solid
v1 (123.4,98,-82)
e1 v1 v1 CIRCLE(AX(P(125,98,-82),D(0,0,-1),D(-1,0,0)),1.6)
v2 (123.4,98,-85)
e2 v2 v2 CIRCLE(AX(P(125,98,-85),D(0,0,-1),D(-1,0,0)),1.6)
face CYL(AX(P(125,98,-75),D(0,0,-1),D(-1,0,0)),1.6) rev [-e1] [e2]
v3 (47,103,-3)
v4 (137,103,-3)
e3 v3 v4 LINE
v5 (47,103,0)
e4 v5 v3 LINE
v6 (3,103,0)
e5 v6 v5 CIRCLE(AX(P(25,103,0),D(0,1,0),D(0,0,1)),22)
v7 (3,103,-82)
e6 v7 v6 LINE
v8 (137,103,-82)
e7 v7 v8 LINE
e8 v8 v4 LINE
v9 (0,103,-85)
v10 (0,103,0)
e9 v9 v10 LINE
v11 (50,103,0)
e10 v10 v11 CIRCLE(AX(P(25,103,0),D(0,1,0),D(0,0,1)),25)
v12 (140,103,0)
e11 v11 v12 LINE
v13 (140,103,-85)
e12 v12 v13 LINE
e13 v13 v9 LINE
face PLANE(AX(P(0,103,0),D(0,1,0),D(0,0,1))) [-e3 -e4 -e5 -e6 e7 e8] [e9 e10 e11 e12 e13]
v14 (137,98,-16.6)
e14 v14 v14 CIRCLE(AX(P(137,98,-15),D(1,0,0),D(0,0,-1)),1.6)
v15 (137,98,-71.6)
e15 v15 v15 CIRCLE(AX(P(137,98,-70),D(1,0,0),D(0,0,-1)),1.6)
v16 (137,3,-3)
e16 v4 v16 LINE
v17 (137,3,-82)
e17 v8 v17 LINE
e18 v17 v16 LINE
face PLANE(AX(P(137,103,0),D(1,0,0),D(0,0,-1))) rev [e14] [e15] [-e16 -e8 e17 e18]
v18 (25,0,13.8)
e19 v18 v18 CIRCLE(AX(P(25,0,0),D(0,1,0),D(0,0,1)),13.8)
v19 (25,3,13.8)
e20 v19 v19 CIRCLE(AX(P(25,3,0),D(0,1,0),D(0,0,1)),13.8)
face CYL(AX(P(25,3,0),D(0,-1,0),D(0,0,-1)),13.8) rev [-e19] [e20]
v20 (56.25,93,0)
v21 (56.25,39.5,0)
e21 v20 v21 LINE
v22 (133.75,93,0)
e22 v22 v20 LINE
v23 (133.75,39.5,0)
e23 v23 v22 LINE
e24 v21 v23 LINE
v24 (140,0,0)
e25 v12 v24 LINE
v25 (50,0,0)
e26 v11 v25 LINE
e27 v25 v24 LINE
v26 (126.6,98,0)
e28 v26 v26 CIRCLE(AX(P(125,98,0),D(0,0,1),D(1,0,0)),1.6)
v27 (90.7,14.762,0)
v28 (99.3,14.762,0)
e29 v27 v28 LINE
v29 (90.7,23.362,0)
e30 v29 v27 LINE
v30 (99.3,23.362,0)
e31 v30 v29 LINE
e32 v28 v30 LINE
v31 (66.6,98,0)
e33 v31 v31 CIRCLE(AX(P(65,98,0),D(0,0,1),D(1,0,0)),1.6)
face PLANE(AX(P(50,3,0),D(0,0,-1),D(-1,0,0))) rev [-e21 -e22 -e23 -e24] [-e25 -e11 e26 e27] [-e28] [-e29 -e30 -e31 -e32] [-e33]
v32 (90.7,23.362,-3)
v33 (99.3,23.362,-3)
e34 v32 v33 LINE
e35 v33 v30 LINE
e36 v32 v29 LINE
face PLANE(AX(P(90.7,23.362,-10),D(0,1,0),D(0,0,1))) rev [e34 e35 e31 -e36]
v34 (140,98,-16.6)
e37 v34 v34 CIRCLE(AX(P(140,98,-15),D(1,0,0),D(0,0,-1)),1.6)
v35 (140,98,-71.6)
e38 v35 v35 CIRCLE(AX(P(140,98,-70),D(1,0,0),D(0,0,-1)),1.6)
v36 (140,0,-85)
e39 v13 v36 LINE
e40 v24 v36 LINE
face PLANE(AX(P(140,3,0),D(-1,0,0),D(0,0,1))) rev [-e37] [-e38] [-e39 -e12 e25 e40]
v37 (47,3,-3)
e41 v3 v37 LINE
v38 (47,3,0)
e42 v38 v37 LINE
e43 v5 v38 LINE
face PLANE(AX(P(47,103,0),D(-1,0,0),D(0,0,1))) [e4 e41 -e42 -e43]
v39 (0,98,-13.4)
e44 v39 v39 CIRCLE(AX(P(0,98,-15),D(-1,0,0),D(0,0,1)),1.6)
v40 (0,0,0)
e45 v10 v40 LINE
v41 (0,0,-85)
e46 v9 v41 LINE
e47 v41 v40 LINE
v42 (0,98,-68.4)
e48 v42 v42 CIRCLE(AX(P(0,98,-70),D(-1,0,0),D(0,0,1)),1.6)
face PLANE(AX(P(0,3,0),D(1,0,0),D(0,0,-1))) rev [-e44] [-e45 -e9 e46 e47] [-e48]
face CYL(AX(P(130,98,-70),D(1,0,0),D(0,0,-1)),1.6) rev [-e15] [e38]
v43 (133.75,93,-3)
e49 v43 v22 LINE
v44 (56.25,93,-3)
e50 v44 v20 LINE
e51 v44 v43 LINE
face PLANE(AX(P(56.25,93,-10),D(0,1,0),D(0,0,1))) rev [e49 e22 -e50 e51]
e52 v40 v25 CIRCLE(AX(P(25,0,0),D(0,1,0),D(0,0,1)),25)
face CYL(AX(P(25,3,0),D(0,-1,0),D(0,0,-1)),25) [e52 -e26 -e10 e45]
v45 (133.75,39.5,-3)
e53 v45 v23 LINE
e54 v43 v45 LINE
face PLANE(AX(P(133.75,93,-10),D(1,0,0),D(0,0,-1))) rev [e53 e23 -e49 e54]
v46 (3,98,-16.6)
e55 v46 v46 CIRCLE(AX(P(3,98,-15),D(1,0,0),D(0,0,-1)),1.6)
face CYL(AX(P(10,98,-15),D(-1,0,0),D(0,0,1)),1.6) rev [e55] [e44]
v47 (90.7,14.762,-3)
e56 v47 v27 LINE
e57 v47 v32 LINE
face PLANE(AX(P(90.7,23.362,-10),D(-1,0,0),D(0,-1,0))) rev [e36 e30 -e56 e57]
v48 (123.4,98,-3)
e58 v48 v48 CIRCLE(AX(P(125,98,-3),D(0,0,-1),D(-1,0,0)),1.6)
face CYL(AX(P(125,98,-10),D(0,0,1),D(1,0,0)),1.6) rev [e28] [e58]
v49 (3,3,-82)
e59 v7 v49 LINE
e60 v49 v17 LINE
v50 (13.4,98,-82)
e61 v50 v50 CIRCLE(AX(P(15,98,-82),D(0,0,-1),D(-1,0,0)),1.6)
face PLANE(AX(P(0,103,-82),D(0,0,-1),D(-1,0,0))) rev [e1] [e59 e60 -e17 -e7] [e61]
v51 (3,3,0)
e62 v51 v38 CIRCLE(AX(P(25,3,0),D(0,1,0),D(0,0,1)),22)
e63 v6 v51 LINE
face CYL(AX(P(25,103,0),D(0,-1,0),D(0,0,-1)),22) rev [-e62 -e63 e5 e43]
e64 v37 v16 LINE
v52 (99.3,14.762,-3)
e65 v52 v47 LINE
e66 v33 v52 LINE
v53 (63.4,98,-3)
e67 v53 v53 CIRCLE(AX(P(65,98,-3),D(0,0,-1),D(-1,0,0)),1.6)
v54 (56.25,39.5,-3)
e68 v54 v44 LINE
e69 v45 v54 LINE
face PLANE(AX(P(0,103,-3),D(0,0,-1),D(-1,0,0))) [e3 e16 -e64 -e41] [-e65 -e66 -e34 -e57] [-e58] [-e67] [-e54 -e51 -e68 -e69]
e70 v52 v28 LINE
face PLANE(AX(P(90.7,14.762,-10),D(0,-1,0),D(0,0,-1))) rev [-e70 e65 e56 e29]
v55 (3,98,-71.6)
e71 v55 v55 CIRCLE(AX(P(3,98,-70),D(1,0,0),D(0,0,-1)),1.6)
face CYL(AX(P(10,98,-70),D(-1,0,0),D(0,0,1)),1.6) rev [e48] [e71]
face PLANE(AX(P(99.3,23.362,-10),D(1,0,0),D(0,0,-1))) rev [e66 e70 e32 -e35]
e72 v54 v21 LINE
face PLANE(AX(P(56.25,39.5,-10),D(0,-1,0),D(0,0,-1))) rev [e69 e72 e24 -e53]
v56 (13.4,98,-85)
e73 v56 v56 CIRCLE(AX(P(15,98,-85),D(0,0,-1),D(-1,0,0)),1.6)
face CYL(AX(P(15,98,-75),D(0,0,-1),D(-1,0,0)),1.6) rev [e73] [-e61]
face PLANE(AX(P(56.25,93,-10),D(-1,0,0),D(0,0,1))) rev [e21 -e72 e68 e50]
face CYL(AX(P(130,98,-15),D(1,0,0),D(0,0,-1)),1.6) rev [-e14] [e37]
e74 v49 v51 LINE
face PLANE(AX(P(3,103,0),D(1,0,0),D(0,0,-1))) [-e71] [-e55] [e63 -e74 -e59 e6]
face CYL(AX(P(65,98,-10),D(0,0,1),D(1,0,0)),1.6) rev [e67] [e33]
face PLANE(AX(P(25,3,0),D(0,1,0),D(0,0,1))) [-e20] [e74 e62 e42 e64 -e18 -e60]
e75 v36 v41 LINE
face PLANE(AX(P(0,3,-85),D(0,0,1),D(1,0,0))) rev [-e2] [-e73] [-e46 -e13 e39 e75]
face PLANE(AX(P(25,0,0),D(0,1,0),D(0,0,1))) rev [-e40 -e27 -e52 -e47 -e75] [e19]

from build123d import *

# Parameters (mm, degrees)
IZIM1_R                     = 13.8
Y_KSEKLIK_EKSTR_ZYON1_DEPTH = 3
Y_KSEKLIK_EKSTR_ZYON2_DEPTH = 100
IZIM3_W                     = 77.5
IZIM3_H                     = 53.5
KES_EKSTR_ZYON1_DEPTH       = 10
IZIM4_W                     = 8.6
IZIM4_H                     = 8.6
KES_EKSTR_ZYON2_DEPTH       = 10
IZIM5_R                     = 1.6
KES_EKSTR_ZYON3_DEPTH       = 10
IZIM6_R                     = 1.6
KES_EKSTR_ZYON4_DEPTH       = 10
KES_EKSTR_ZYON5_START       = -10
IZIM7_R                     = 1.6
KES_EKSTR_ZYON5_DEPTH       = 10
KES_EKSTR_ZYON6_START       = -10
IZIM8_R                     = 1.6
KES_EKSTR_ZYON6_DEPTH       = 10


with BuildPart() as part:
    # Çizim1 → Yükseklik-Ekstrüzyon1 (new body)
    with BuildSketch(Plane(origin=(0, 0, 0), x_dir=(1, 0, 0), z_dir=(0, 1, 0))):
        with BuildLine():
            Line((50, 0), (140, 0))
            Line((140, 0), (140, 85))
            Line((140, 85), (0, 85))
            Line((0, 85), (0, 0))
            ThreePointArc((0, 0), (25, -25), (50, 0))
        make_face()
        with Locations(Location((25, 0, 0), (0, 0, 270))):
            Circle(IZIM1_R, mode=Mode.SUBTRACT)
    extrude(amount=Y_KSEKLIK_EKSTR_ZYON1_DEPTH)

    # Çizim2 → Yükseklik-Ekstrüzyon2 (add)
    with BuildSketch(Plane(origin=(0, 3, 0), x_dir=(1, 0, 0), z_dir=(0, 1, 0))):
        with BuildLine():
            Line((140, 85), (0, 85))
            Line((0, 85), (0, 0))
            ThreePointArc((0, 0), (25, -25), (50, 0))
            Line((50, 0), (140, 0))
            Line((140, 0), (140, 85))
        make_face()
        with BuildLine():
            Line((3, 0), (3, 3))
            Line((3, 3), (3, 82))
            Line((3, 82), (137, 82))
            Line((137, 82), (137, 3))
            Line((137, 3), (47, 3))
            Line((47, 3), (47, 0))
            ThreePointArc((47, 0), (25, -22), (3, 0))
        make_face(mode=Mode.SUBTRACT)
    extrude(amount=Y_KSEKLIK_EKSTR_ZYON2_DEPTH)

    # Çizim3 → Kes-Ekstrüzyon1 (cut)
    with BuildSketch(Plane.XY):
        with Locations((95, 66.25)):
            Rectangle(IZIM3_W, IZIM3_H)
    extrude(amount=-KES_EKSTR_ZYON1_DEPTH, mode=Mode.SUBTRACT)

    # Çizim4 → Kes-Ekstrüzyon2 (cut)
    with BuildSketch(Plane.XY):
        with Locations((95, 19.062)):
            Rectangle(IZIM4_W, IZIM4_H)
    extrude(amount=-KES_EKSTR_ZYON2_DEPTH, mode=Mode.SUBTRACT)

    # Çizim5 → Kes-Ekstrüzyon3 (cut)
    with BuildSketch(Plane.XY):
        with Locations((65, 98)):
            Circle(IZIM5_R)
        with Locations((125, 98)):
            Circle(IZIM5_R)
    extrude(amount=-KES_EKSTR_ZYON3_DEPTH, mode=Mode.SUBTRACT)

    # Çizim6 → Kes-Ekstrüzyon4 (cut)
    with BuildSketch(Plane(origin=(140, 0, 0), x_dir=(0, 0, -1), z_dir=(1, 0, 0))):
        with Locations((15, 98)):
            Circle(IZIM6_R)
        with Locations((70, 98)):
            Circle(IZIM6_R)
    extrude(amount=-KES_EKSTR_ZYON4_DEPTH, mode=Mode.SUBTRACT)

    # Çizim7 → Kes-Ekstrüzyon5 (cut)
    with BuildSketch(Plane(origin=(0, 0, -85), x_dir=(-1, 0, 0), z_dir=(0, 0, -1)).offset(KES_EKSTR_ZYON5_START)):
        with Locations(Location((-125, 98, 0), (0, 0, 180))):
            Circle(IZIM7_R)
        with Locations((-15, 98)):
            Circle(IZIM7_R)
    extrude(amount=KES_EKSTR_ZYON5_DEPTH, mode=Mode.SUBTRACT)

    # Çizim8 → Kes-Ekstrüzyon6 (cut)
    with BuildSketch(Plane.ZY.offset(KES_EKSTR_ZYON6_START)):
        with Locations(Location((-70, 98, 0), (0, 0, 180))):
            Circle(IZIM8_R)
        with Locations(Location((-15, 98, 0), (0, 0, 180))):
            Circle(IZIM8_R)
    extrude(amount=KES_EKSTR_ZYON6_DEPTH, mode=Mode.SUBTRACT)


solid = part.part
